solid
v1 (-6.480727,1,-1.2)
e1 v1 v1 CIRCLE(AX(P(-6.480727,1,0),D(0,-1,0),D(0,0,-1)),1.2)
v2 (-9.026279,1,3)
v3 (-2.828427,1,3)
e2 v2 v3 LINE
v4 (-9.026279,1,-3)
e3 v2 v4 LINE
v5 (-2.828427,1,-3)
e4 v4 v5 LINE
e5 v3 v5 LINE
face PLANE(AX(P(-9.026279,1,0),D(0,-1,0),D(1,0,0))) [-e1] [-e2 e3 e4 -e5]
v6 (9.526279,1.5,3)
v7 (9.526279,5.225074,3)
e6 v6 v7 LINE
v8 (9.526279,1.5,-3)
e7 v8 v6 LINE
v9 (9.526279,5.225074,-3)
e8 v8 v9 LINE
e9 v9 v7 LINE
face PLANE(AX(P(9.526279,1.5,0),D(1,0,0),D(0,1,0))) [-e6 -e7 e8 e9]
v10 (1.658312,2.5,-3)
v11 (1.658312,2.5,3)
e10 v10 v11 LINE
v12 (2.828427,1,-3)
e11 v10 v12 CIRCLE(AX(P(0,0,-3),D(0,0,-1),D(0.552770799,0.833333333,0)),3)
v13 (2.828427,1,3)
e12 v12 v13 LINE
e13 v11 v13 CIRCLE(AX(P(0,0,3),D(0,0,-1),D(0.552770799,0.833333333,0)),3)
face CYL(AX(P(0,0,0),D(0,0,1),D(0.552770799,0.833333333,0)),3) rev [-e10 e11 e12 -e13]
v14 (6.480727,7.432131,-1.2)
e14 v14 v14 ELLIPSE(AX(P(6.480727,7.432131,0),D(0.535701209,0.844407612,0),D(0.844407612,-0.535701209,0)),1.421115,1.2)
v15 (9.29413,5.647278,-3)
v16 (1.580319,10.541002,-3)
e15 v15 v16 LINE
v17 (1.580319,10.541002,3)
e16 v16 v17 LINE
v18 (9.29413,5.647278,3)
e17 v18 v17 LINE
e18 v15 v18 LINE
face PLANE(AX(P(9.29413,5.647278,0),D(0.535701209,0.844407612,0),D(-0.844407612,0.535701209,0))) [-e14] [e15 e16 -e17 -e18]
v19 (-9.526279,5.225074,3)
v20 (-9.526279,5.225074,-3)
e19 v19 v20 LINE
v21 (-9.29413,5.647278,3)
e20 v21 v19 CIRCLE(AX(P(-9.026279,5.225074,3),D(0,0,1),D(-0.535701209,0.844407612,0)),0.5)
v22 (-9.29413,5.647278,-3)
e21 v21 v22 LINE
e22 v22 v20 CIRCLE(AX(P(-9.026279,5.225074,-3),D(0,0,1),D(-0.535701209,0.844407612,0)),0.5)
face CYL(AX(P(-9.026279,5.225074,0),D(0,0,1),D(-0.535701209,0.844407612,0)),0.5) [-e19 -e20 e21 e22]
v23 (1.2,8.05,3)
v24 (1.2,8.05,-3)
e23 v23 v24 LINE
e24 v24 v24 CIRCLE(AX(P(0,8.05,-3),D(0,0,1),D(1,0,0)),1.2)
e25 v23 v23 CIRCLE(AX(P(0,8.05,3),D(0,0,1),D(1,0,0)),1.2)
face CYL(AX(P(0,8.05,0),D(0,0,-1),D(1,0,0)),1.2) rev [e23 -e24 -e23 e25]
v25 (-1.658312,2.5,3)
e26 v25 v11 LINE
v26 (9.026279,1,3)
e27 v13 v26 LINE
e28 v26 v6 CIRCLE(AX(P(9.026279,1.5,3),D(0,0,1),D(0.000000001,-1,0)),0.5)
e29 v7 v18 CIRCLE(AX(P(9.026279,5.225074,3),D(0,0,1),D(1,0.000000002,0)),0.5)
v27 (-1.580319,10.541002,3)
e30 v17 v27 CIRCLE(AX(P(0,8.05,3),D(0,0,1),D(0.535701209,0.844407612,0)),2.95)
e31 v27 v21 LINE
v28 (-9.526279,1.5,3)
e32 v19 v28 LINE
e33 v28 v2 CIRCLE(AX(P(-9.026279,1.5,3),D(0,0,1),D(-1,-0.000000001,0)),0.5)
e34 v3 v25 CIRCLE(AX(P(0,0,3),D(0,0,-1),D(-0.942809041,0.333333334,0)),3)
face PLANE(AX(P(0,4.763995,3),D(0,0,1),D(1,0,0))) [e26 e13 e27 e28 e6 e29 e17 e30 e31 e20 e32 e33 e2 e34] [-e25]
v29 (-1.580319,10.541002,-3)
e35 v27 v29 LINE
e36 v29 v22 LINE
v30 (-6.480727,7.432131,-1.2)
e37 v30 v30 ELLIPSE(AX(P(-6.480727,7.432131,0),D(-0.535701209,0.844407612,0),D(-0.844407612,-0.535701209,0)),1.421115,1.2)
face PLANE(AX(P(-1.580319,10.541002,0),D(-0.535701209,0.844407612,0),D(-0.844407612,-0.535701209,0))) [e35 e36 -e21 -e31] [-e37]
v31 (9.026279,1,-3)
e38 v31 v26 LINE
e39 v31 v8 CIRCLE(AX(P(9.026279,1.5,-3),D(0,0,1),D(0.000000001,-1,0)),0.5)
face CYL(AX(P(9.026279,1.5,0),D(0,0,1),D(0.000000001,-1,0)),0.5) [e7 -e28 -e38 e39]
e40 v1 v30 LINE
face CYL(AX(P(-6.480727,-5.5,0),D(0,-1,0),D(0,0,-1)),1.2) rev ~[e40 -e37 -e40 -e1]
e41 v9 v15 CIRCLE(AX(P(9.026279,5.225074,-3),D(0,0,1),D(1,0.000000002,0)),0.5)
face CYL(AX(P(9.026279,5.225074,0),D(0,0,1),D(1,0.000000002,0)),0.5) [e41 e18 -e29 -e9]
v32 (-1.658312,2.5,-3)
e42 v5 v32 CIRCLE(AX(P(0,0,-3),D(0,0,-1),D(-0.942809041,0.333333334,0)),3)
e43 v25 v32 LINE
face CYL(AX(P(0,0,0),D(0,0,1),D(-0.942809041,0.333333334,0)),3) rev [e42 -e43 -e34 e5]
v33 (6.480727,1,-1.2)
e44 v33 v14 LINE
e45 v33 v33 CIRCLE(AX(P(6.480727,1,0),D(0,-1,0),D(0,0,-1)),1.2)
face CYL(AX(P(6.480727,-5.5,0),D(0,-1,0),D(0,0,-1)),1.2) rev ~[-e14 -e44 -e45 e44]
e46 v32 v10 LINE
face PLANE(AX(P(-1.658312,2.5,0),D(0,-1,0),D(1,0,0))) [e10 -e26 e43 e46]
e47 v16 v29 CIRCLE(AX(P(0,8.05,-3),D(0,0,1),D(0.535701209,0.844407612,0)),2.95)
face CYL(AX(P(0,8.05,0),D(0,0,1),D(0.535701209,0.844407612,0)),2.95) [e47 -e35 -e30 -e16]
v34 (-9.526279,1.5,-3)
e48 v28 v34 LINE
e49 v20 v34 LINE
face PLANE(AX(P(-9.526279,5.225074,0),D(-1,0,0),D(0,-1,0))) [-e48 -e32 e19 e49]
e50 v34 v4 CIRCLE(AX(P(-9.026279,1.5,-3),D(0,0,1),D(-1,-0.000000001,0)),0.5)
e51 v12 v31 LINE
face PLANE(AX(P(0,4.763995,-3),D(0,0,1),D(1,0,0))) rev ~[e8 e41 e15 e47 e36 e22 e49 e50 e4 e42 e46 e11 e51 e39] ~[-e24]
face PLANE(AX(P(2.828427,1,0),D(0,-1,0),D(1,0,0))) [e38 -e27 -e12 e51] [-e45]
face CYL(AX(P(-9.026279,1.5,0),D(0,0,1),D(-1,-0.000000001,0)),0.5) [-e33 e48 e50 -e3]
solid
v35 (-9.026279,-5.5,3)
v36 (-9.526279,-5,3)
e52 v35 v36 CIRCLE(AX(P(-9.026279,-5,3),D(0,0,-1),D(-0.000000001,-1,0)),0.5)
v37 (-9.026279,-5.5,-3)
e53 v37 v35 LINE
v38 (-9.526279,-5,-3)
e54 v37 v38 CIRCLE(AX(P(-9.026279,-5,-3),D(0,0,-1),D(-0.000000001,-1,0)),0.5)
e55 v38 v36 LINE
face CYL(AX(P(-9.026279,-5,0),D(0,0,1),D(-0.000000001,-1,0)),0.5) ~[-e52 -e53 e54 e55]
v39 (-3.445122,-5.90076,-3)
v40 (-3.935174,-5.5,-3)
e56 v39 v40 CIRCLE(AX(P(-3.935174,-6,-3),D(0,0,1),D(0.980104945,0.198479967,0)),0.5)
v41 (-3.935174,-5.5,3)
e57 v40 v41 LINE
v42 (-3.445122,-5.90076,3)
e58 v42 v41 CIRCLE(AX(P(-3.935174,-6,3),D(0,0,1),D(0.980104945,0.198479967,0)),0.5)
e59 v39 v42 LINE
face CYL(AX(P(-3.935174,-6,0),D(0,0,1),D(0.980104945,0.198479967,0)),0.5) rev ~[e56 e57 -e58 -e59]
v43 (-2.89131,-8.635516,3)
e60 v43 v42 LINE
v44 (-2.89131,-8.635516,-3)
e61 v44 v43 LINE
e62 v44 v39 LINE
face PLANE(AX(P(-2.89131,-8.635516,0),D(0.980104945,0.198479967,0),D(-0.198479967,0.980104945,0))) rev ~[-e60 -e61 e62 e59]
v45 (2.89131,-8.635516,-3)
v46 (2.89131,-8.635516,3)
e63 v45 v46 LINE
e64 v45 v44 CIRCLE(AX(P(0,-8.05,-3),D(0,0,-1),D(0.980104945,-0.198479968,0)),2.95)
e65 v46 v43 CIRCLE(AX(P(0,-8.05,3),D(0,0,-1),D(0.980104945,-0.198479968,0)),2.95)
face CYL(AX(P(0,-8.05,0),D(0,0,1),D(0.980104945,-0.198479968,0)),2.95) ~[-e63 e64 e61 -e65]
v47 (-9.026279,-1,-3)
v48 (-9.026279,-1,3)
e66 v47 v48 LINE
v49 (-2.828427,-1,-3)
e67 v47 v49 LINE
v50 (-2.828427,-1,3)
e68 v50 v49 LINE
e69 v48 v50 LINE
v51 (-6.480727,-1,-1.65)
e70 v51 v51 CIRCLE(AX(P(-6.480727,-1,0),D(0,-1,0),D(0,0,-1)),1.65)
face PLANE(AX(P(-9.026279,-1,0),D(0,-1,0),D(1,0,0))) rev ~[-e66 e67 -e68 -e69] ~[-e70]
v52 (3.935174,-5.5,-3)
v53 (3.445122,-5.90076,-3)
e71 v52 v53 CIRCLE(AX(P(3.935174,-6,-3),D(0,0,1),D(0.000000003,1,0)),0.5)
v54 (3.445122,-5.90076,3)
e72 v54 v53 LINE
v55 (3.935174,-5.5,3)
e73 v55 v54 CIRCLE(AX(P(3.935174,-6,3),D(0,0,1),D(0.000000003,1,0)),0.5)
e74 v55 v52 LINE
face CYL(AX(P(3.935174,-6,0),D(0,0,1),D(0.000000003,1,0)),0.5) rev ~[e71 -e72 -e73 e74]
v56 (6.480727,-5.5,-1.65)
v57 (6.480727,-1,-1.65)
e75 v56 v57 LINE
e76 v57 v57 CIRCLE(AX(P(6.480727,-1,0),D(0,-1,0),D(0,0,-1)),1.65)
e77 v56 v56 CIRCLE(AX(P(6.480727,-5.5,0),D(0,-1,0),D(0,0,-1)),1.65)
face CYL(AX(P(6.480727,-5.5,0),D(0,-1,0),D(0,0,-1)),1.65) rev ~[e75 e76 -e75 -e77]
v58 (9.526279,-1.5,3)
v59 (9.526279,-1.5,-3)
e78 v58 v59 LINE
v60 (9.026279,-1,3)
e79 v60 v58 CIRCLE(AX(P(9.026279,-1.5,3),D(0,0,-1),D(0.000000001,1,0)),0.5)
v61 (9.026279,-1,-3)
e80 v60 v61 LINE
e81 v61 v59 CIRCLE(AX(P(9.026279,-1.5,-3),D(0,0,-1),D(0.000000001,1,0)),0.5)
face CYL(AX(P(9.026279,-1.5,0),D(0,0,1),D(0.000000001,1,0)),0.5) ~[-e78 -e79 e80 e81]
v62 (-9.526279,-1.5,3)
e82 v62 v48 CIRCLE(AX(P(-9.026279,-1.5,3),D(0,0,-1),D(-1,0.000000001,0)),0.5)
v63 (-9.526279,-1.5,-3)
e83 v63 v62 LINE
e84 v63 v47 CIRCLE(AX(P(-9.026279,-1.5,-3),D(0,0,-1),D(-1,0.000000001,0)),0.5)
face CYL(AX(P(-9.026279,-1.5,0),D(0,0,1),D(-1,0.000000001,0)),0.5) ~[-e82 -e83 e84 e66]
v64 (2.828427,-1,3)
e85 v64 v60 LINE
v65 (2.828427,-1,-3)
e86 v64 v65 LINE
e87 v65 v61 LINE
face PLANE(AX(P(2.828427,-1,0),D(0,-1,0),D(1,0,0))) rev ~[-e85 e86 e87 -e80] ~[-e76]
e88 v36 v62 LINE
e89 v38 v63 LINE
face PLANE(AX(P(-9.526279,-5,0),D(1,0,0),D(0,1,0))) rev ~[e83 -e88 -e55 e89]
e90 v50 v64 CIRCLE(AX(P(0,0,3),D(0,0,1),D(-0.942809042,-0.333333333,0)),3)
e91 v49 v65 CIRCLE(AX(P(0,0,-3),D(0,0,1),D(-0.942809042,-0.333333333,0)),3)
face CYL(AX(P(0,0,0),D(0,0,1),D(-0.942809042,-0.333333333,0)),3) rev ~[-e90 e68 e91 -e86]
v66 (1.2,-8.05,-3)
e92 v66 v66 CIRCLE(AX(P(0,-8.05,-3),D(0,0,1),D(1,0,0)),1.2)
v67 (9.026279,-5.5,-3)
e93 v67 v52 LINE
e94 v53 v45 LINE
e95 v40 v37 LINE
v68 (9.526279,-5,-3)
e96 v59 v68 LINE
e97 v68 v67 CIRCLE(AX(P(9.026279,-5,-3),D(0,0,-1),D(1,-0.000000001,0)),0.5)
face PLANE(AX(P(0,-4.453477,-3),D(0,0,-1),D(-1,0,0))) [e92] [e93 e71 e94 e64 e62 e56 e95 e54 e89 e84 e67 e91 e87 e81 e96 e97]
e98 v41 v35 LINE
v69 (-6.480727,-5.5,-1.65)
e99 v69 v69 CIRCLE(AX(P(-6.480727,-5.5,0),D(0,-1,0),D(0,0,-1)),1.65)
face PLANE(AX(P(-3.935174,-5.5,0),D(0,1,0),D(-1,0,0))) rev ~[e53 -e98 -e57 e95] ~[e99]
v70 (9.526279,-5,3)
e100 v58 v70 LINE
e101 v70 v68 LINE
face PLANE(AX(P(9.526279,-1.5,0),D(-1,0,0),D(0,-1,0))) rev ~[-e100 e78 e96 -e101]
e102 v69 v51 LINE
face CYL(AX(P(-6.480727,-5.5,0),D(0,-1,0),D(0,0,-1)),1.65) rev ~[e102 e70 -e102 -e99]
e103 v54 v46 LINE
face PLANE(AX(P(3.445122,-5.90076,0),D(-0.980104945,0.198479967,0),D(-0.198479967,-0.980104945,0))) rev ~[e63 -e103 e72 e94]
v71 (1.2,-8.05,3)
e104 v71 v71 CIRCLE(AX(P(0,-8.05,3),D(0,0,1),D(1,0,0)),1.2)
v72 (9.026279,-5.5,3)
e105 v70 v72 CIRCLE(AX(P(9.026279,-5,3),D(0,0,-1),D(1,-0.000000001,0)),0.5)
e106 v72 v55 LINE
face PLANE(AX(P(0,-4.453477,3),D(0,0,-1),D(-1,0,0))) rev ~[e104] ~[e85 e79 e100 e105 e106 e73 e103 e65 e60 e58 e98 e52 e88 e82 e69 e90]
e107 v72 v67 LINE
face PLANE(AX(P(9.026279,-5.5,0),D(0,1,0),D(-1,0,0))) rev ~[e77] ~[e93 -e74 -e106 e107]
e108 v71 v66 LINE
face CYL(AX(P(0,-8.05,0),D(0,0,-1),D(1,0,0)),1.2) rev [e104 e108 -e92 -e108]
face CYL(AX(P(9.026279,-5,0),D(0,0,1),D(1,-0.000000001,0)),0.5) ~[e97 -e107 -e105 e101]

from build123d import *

# Parameters (mm, degrees)
SKETCH_1_R          = 1.2
EXTRUDE_1_DEPTH     = 3
EXTRUDE_1_2_DEPTH   = 3
SKETCH_2_R          = 1.2
CUT_EXTRUDE_1_DEPTH = 20.287301522
SKETCH_3_R          = 1.65
CUT_EXTRUDE_2_DEPTH = 4.5


with BuildPart() as part:
    # 草图1 → 凸台-拉伸1 (new, symmetric)
    with BuildSketch(Plane.XY):
        with BuildLine():
            Line((-1.658312395, 2.5), (1.658312395, 2.5))
            ThreePointArc((1.658312395, 2.5), (2.365419176, 1.84520788), (2.828427125, 1))
            Line((2.828427125, 1), (9.026279442, 1))
            ThreePointArc((9.026279442, 1), (9.379832832, 1.146446609), (9.526279442, 1.5))
            Line((9.526279442, 1.5), (9.526279442, 5.22507425))
            ThreePointArc((9.526279442, 5.22507425), (9.464414867, 5.465983671), (9.294130046, 5.647278056))
            Line((9.294130046, 5.647278056), (1.580318565, 10.541002455))
            ThreePointArc((1.580318565, 10.541002455), (0, 11), (-1.580318565, 10.541002455))
            Line((-1.580318565, 10.541002455), (-9.294130046, 5.647278056))
            ThreePointArc((-9.294130046, 5.647278056), (-9.464414867, 5.465983671), (-9.526279442, 5.22507425))
            Line((-9.526279442, 5.22507425), (-9.526279442, 1.5))
            ThreePointArc((-9.526279442, 1.5), (-9.379832832, 1.146446609), (-9.026279442, 1))
            Line((-9.026279442, 1), (-2.828427125, 1))
            ThreePointArc((-2.828427125, 1), (-2.365419176, 1.84520788), (-1.658312395, 2.5))
        make_face()
        with Locations((0, 8.05)):
            Circle(SKETCH_1_R, mode=Mode.SUBTRACT)
    extrude(amount=EXTRUDE_1_DEPTH, both=True)


with BuildPart() as body_2:
    # 草图1 → Extrude 1 2 (new, symmetric)
    with BuildSketch(Plane.XY):
        with BuildLine():
            Line((-9.026279442, -1), (-2.828427125, -1))
            ThreePointArc((-2.828427125, -1), (0, -3), (2.828427125, -1))
            Line((2.828427125, -1), (9.026279442, -1))
            ThreePointArc((9.026279442, -1), (9.379832832, -1.146446609), (9.526279442, -1.5))
            Line((9.526279442, -1.5), (9.526279442, -5))
            ThreePointArc((9.526279442, -5), (9.379832832, -5.353553391), (9.026279442, -5.5))
            Line((9.026279442, -5.5), (3.935174447, -5.5))
            ThreePointArc((3.935174447, -5.5), (3.6186464, -5.612947037), (3.445121974, -5.900760016))
            Line((3.445121974, -5.900760016), (2.891309587, -8.635515904))
            ThreePointArc((2.891309587, -8.635515904), (0, -11), (-2.891309587, -8.635515904))
            Line((-2.891309587, -8.635515904), (-3.445121974, -5.900760016))
            ThreePointArc((-3.445121974, -5.900760016), (-3.6186464, -5.612947037), (-3.935174447, -5.5))
            Line((-3.935174447, -5.5), (-9.026279442, -5.5))
            ThreePointArc((-9.026279442, -5.5), (-9.379832832, -5.353553391), (-9.526279442, -5))
            Line((-9.526279442, -5), (-9.526279442, -1.5))
            ThreePointArc((-9.526279442, -1.5), (-9.379832832, -1.146446609), (-9.026279442, -1))
        make_face()
        with Locations((0, -8.05)):
            Circle(SKETCH_1_R, mode=Mode.SUBTRACT)
    extrude(amount=EXTRUDE_1_2_DEPTH, both=True)


with BuildPart() as cut_extrude_1_tool:
    # 草图2 → 切除-拉伸1 (new, through all)
    with BuildSketch(Plane.XZ.offset(5.5)):
        with Locations(Location((6.480726944, 0, 0), (0, 0, 270))):
            Circle(SKETCH_2_R)
        with Locations(Location((-6.480726944, 0, 0), (0, 0, 270))):
            Circle(SKETCH_2_R)
    extrude(amount=-CUT_EXTRUDE_1_DEPTH)


with BuildPart() as part_1:
    add(part.part)

    # 切除-拉伸1: cut by cut_extrude_1_tool
    add(cut_extrude_1_tool.part, mode=Mode.SUBTRACT)


with BuildPart() as body_2_1:
    add(body_2.part)

    # 切除-拉伸1: cut by cut_extrude_1_tool
    add(cut_extrude_1_tool.part, mode=Mode.SUBTRACT)

    # 草图3 → 切除-拉伸2 (cut)
    with BuildSketch(Plane.XZ.offset(5.5)):
        with Locations(Location((-6.480726944, 0, 0), (0, 0, 270))):
            Circle(SKETCH_3_R)
        with Locations(Location((6.480726944, 0, 0), (0, 0, 270))):
            Circle(SKETCH_3_R)
    extrude(amount=-CUT_EXTRUDE_2_DEPTH, mode=Mode.SUBTRACT)


solid = Compound([part_1.part, body_2_1.part])
